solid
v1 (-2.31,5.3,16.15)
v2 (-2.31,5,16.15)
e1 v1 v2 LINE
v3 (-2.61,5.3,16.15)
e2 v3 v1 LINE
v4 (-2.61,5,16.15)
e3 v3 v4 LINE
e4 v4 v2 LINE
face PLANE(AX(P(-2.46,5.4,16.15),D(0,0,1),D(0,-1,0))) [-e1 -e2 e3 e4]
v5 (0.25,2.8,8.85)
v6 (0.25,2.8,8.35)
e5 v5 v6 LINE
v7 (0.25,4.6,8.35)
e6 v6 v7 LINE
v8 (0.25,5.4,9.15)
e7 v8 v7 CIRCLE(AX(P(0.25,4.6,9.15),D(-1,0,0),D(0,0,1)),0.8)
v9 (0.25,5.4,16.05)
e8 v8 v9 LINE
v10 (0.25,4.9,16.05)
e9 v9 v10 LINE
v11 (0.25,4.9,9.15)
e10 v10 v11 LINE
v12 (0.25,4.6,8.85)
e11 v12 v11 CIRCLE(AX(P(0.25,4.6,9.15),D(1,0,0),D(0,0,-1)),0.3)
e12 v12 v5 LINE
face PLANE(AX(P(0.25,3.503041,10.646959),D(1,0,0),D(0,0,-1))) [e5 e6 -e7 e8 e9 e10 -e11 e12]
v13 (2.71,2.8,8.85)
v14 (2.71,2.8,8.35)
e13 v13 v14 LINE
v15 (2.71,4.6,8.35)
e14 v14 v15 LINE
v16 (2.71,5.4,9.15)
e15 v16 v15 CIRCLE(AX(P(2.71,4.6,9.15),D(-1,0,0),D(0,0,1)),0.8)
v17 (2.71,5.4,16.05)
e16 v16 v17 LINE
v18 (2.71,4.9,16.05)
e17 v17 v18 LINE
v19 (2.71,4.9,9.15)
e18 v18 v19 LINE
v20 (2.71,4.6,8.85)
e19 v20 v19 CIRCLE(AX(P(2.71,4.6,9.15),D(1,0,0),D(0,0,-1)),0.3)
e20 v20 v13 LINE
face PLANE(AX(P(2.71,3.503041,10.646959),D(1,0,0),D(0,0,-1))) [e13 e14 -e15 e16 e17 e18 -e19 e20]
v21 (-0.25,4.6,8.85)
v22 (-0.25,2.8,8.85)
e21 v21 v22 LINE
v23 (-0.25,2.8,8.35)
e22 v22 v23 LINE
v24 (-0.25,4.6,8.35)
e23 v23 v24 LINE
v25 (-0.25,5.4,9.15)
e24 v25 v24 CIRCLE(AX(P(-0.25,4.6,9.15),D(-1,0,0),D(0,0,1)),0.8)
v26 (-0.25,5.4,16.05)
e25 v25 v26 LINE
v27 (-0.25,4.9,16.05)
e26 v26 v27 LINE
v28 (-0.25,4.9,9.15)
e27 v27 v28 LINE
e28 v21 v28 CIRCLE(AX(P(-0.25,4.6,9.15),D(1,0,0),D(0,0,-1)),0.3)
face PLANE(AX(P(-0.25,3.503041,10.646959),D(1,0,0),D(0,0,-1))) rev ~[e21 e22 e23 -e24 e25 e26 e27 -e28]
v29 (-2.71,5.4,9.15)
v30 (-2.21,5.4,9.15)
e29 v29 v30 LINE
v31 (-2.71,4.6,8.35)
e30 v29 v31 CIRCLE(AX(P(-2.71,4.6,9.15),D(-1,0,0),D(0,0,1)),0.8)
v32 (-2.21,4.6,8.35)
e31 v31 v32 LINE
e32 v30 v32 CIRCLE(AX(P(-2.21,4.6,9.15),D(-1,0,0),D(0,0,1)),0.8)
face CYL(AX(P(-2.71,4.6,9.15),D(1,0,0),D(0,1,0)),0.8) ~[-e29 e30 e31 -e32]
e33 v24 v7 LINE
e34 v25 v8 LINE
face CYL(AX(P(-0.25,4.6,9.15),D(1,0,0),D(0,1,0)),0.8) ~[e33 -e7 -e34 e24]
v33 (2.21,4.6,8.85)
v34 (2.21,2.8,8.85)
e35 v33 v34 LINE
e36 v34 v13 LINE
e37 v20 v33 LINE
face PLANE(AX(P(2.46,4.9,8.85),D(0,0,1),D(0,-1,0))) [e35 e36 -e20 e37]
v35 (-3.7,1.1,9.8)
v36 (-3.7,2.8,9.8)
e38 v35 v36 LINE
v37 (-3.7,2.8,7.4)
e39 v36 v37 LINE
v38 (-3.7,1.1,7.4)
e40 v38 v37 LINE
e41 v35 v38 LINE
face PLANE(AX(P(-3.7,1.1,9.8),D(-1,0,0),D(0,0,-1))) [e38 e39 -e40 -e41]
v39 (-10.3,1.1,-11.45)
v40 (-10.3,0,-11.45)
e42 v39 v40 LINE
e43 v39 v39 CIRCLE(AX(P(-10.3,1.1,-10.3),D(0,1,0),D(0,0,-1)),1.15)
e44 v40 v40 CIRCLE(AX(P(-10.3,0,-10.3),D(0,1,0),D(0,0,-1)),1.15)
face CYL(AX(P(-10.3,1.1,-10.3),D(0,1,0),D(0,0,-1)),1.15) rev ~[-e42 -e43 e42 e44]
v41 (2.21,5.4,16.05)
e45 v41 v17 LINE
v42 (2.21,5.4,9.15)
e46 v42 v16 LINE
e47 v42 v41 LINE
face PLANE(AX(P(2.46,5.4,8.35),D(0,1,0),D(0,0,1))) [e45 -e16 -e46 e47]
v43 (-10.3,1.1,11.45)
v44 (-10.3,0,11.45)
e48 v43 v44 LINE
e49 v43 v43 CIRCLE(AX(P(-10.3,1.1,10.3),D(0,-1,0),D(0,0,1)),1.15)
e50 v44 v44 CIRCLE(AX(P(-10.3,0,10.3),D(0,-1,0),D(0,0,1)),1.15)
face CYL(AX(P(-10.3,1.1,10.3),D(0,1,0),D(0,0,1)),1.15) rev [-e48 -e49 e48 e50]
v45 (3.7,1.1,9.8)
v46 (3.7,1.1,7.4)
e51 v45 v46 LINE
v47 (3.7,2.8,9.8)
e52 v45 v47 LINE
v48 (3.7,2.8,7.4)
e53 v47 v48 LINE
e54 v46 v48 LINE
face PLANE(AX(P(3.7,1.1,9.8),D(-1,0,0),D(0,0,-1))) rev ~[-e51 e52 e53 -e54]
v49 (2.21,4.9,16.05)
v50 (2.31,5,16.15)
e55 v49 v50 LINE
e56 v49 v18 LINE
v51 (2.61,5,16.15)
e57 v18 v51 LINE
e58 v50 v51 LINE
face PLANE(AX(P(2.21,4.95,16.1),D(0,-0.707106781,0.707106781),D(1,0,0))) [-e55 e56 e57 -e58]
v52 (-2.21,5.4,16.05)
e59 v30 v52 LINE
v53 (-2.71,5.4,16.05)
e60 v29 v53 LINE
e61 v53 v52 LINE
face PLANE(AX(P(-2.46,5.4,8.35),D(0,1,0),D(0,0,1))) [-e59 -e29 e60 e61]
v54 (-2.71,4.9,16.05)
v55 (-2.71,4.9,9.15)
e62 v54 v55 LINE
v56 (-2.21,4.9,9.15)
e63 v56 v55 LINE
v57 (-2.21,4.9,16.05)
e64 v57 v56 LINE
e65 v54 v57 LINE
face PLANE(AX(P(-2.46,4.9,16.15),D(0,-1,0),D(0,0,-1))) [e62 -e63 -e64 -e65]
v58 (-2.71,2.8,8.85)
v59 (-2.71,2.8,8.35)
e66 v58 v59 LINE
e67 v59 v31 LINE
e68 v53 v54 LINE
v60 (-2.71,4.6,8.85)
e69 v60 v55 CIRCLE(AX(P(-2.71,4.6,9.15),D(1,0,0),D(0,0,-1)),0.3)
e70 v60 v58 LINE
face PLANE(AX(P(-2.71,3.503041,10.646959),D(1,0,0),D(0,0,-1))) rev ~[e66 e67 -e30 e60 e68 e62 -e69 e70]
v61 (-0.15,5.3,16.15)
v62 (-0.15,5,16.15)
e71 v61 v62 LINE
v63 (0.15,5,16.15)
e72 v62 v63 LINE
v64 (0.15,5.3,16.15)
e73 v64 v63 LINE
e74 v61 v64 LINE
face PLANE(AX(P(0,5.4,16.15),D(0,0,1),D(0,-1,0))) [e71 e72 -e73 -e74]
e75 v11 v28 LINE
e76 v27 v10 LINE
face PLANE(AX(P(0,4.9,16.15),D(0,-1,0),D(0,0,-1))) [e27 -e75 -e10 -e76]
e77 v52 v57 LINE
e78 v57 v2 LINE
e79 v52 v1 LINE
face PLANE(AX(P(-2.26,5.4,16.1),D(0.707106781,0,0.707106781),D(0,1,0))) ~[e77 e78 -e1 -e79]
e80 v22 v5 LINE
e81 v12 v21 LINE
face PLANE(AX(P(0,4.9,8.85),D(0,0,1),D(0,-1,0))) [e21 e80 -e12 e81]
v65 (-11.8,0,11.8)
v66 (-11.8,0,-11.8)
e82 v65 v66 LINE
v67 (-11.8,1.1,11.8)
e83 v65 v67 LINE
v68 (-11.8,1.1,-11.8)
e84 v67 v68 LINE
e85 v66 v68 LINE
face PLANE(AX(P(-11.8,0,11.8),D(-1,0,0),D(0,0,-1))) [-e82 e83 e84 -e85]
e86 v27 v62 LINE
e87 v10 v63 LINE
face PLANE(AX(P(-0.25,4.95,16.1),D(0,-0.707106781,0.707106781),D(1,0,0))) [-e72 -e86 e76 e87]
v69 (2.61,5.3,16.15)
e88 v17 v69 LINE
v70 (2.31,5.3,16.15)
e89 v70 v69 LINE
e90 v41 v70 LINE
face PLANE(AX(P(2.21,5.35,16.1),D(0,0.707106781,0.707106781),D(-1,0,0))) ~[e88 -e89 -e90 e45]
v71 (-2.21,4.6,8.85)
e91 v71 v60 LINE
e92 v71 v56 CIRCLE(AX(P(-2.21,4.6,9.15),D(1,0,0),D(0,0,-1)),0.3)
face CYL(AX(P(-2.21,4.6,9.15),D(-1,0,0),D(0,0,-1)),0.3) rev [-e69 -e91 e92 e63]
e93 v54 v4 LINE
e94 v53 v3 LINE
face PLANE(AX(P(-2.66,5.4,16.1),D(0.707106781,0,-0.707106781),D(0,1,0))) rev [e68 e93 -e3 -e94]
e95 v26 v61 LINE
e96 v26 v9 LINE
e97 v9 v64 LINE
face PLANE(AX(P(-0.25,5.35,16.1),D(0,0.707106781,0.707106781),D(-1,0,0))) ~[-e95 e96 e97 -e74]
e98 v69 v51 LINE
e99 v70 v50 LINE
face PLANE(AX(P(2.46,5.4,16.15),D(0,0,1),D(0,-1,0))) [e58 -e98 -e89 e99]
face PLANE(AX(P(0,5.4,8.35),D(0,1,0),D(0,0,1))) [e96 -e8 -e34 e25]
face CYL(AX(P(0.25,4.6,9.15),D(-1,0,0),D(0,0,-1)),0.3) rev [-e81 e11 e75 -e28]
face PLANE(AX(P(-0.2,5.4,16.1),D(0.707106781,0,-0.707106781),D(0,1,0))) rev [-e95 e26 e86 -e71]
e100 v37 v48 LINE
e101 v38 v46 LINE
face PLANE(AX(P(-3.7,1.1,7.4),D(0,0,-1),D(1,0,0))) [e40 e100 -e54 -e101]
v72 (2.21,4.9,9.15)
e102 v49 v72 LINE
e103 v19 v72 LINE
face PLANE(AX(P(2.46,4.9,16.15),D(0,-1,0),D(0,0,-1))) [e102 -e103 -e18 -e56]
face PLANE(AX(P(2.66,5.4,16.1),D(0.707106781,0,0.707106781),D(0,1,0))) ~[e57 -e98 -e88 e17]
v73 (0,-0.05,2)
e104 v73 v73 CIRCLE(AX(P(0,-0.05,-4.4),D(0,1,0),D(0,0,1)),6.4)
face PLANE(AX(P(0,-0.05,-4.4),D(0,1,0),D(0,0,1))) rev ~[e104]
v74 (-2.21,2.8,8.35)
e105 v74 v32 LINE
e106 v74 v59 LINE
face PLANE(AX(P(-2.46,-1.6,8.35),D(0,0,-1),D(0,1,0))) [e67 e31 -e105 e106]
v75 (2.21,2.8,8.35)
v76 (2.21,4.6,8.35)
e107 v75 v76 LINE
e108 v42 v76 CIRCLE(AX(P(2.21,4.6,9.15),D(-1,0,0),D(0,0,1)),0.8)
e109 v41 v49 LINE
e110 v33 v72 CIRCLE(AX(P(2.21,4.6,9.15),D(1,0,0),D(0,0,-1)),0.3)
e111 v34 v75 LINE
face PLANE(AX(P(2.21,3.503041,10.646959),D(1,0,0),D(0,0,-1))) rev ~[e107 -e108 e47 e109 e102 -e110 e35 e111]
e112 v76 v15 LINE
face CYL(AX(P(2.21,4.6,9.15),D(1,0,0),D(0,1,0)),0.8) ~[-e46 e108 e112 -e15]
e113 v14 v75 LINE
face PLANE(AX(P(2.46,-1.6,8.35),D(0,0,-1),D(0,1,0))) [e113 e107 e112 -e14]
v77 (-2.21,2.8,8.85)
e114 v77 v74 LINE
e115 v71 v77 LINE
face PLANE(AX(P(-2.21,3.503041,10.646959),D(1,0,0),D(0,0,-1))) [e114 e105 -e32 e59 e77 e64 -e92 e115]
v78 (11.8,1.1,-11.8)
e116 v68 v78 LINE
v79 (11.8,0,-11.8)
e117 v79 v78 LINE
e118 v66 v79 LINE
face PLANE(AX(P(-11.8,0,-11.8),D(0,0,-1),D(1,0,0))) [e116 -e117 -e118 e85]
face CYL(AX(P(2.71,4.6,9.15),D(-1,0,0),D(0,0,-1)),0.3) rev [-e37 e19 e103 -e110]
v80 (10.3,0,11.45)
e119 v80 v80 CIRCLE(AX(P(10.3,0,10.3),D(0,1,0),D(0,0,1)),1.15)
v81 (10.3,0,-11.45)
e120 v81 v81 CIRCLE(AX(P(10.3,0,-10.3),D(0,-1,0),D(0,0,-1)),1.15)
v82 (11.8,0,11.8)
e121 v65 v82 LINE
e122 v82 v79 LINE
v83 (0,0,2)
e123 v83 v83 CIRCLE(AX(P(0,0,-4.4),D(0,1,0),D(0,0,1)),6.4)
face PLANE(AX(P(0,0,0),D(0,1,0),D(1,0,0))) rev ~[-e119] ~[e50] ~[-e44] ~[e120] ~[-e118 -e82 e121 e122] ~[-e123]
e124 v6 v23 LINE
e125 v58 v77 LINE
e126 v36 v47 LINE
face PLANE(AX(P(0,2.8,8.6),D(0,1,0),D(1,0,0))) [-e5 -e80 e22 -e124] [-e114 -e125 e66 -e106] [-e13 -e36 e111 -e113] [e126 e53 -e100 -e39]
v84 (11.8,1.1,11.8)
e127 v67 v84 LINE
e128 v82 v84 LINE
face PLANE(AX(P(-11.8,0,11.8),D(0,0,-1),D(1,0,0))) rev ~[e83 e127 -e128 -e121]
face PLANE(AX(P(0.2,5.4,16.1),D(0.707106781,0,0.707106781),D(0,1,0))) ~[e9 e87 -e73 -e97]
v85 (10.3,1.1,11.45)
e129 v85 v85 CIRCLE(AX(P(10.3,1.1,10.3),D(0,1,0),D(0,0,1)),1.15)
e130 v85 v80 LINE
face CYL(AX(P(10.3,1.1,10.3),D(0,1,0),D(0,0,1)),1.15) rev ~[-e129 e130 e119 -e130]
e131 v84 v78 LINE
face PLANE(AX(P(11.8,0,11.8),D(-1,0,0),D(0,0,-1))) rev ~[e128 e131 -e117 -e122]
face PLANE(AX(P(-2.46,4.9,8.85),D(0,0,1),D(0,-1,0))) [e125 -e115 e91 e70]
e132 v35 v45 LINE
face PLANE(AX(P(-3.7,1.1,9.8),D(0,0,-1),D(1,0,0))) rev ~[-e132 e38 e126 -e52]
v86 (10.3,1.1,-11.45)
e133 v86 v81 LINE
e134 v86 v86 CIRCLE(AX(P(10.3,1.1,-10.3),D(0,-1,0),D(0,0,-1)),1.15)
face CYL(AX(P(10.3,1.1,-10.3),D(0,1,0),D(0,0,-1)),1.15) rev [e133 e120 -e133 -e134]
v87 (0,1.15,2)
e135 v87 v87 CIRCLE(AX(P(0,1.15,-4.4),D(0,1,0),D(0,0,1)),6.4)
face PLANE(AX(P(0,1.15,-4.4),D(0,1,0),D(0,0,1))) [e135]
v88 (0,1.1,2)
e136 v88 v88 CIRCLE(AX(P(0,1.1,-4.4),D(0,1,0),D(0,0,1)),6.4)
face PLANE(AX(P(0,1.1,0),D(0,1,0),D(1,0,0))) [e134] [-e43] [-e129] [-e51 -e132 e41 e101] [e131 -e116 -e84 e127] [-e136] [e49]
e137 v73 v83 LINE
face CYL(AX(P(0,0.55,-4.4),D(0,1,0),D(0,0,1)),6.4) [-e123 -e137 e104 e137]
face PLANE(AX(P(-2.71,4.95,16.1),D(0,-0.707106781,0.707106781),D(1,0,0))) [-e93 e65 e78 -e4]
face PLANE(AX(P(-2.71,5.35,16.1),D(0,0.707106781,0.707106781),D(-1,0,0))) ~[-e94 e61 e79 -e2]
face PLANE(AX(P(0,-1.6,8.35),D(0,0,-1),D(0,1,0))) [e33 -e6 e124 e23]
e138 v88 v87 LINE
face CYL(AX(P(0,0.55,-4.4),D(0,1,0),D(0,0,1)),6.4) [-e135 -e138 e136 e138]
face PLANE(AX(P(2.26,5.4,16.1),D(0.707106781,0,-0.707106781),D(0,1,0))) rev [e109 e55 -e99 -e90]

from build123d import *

# Parameters (mm, degrees)
SKETCH_1_W                         = 23.6
SKETCH_1_H                         = 23.6
EXTRUDE_1_DEPTH                    = 1.1
CUT_EXTRUDE_1_REACH                = 18.724
SKETCH_2_R                         = 1.15
MIRROR_2_COPY_1_REACH              = 18.724
MIRROR_2_COPY_1_SKETCH_R           = 1.15
SKETCH_3_W                         = 7.4
SKETCH_3_H                         = 2.4
EXTRUDE_2_DEPTH                    = 1.7
EXTRUDE_3_DEPTH                    = 0.25
CHAMFER_7_SIZE                     = 0.1
FILLET_1_R                         = 0.3
FILLET_2_R                         = 0.8
PATTERN_LINEAR_2_COUNT             = 2
PATTERN_LINEAR_2_PITCH             = 2.46
CHAMFER_7_OF_PATTERN_LINEAR_2_SIZE = 0.1
FILLET_1_OF_PATTERN_LINEAR_2_R     = 0.3
FILLET_2_OF_PATTERN_LINEAR_2_R     = 0.8
PATTERN_LINEAR_3_COUNT             = 2
PATTERN_LINEAR_3_PITCH             = 2.46
CHAMFER_7_OF_PATTERN_LINEAR_3_SIZE = 0.1
FILLET_1_OF_PATTERN_LINEAR_3_R     = 0.3
FILLET_2_OF_PATTERN_LINEAR_3_R     = 0.8
EXTRUDE_START                      = 0.55
SKETCH_7_R                         = 6.4
EXTRUDE_10_DEPTH                   = 0.6
SKETCH_8_W                         = 8.601343457
SKETCH_8_H                         = 2.116418894
CUT_EXTRUDE_2125_DEPTH             = 1.6


with BuildPart() as part:
    # 草图1 → 凸台-拉伸1 (new body)
    with BuildSketch(Plane(origin=(0, 0, 0), x_dir=(1, 0, 0), z_dir=(0, 1, 0))):
        Rectangle(SKETCH_1_W, SKETCH_1_H)
    extrude(amount=EXTRUDE_1_DEPTH)

    # 草图2 → 切除-拉伸1 (cut, up to next)
    with BuildSketch(Plane(origin=(0, 1.1, 0), x_dir=(1, 0, 0), z_dir=(0, 1, 0)), mode=Mode.PRIVATE) as cut_extrude_1_sk1:
        with Locations(Location((10.3, -10.3, 0), (0, 0, 270))):
            Circle(SKETCH_2_R)
    cut_extrude_1_tool1 = extrude(cut_extrude_1_sk1.sketch, amount=-CUT_EXTRUDE_1_REACH, mode=Mode.PRIVATE) & part.part
    cut_extrude_1 = cut_extrude_1_tool1.solids().sort_by_distance((10.3, 1.1, 10.3))[0]
    add(cut_extrude_1, mode=Mode.SUBTRACT)

    # 镜向1: 切除-拉伸1 across plane
    add(cut_extrude_1.mirror(Plane(origin=(0, 0, 0), x_dir=(0, 0, 1), z_dir=(1, 0, 0))), mode=Mode.SUBTRACT)

    # 镜向2: 切除-拉伸1 across plane
    add(cut_extrude_1.mirror(Plane.XY), mode=Mode.SUBTRACT)

    # 镜向2 copy 1 sketch → 镜向2 copy 1 (cut, up to next)
    with BuildSketch(Plane(origin=(0, 1.1, 0), x_dir=(-1, 0, 0), z_dir=(0, 1, 0)), mode=Mode.PRIVATE) as mirror_2_copy_1_sk1:
        with Locations(Location((10.3, -10.3, 0), (0, 0, 270))):
            Circle(MIRROR_2_COPY_1_SKETCH_R)
    mirror_2_copy_1_tool1 = extrude(mirror_2_copy_1_sk1.sketch, amount=-MIRROR_2_COPY_1_REACH, mode=Mode.PRIVATE) & part.part
    add(mirror_2_copy_1_tool1.solids().sort_by_distance((-10.3, 1.1, -10.3))[0], mode=Mode.SUBTRACT)

    # 草图3 → 凸台-拉伸2 (add)
    with BuildSketch(Plane(origin=(0, 1.1, 0), x_dir=(1, 0, 0), z_dir=(0, 1, 0))):
        with Locations((0, -8.6)):
            Rectangle(SKETCH_3_W, SKETCH_3_H)
    extrude(amount=EXTRUDE_2_DEPTH)

    # 草图4 → 凸台-拉伸3 (add, symmetric)
    with BuildSketch(Plane(origin=(0, 0, 0), x_dir=(0, 0, -1), z_dir=(1, 0, 0))):
        Polygon((-8.35, -1.6), (-8.35, 5.4), (-16.15, 5.4), (-16.15, 4.9), (-8.85, 4.9), (-8.85, -1.6), align=None)
    extrude_3 = extrude(amount=EXTRUDE_3_DEPTH, both=True)

    # 倒角7
    chamfer_7_edges = [part.edges().sort_by_distance(p)[0] for p in [
        (0, -1.6, 8.35),
        (0.25, -1.6, 8.6),
        (-0.25, -1.6, 8.6),
        (0, -1.6, 8.85),
        (-0.25, 5.15, 16.15),
        (0, 5.4, 16.15),
        (0, 4.9, 16.15),
        (0.25, 5.15, 16.15),
    ]]
    chamfer(chamfer_7_edges, length=CHAMFER_7_SIZE)

    # 圆角1
    fillet_1_edges = [part.edges().sort_by_distance(p)[0] for p in [
        (0, 4.9, 8.85),
    ]]
    fillet(fillet_1_edges, radius=FILLET_1_R)

    # 圆角2
    fillet_2_edges = [part.edges().sort_by_distance(p)[0] for p in [
        (0, 5.4, 8.35),
    ]]
    fillet(fillet_2_edges, radius=FILLET_2_R)

    # 阵列(线性)2: 凸台-拉伸3 ×2
    with Locations(*[(i * PATTERN_LINEAR_2_PITCH, 0, 0) for i in range(1, PATTERN_LINEAR_2_COUNT)]):
        add(extrude_3)

    # 倒角7 of 阵列(线性)2
    chamfer_7_of_pattern_linear_2_edges = [part.edges().sort_by_distance(p)[0] for p in [
        (2.46, -1.6, 8.35),
        (2.71, -1.6, 8.6),
        (2.21, -1.6, 8.6),
        (2.46, -1.6, 8.85),
        (2.21, 5.15, 16.15),
        (2.46, 5.4, 16.15),
        (2.46, 4.9, 16.15),
        (2.71, 5.15, 16.15),
    ]]
    chamfer(chamfer_7_of_pattern_linear_2_edges, length=CHAMFER_7_OF_PATTERN_LINEAR_2_SIZE)

    # 圆角1 of 阵列(线性)2
    fillet_1_of_pattern_linear_2_edges = [part.edges().sort_by_distance(p)[0] for p in [
        (2.46, 4.9, 8.85),
    ]]
    fillet(fillet_1_of_pattern_linear_2_edges, radius=FILLET_1_OF_PATTERN_LINEAR_2_R)

    # 圆角2 of 阵列(线性)2
    fillet_2_of_pattern_linear_2_edges = [part.edges().sort_by_distance(p)[0] for p in [
        (2.46, 5.4, 8.35),
    ]]
    fillet(fillet_2_of_pattern_linear_2_edges, radius=FILLET_2_OF_PATTERN_LINEAR_2_R)

    # 阵列(线性)3: 凸台-拉伸3 ×2
    with Locations(*[(-i * PATTERN_LINEAR_3_PITCH, 0, 0) for i in range(1, PATTERN_LINEAR_3_COUNT)]):
        add(extrude_3)

    # 倒角7 of 阵列(线性)3
    chamfer_7_of_pattern_linear_3_edges = [part.edges().sort_by_distance(p)[0] for p in [
        (-2.46, -1.6, 8.35),
        (-2.21, -1.6, 8.6),
        (-2.71, -1.6, 8.6),
        (-2.46, -1.6, 8.85),
        (-2.71, 5.15, 16.15),
        (-2.46, 5.4, 16.15),
        (-2.46, 4.9, 16.15),
        (-2.21, 5.15, 16.15),
    ]]
    chamfer(chamfer_7_of_pattern_linear_3_edges, length=CHAMFER_7_OF_PATTERN_LINEAR_3_SIZE)

    # 圆角1 of 阵列(线性)3
    fillet_1_of_pattern_linear_3_edges = [part.edges().sort_by_distance(p)[0] for p in [
        (-2.46, 4.9, 8.85),
    ]]
    fillet(fillet_1_of_pattern_linear_3_edges, radius=FILLET_1_OF_PATTERN_LINEAR_3_R)

    # 圆角2 of 阵列(线性)3
    fillet_2_of_pattern_linear_3_edges = [part.edges().sort_by_distance(p)[0] for p in [
        (-2.46, 5.4, 8.35),
    ]]
    fillet(fillet_2_of_pattern_linear_3_edges, radius=FILLET_2_OF_PATTERN_LINEAR_3_R)

    # 草图7 → 凸台-拉伸10 (add, symmetric)
    with BuildSketch(Plane(origin=(0, 0, 0), x_dir=(1, 0, 0), z_dir=(0, 1, 0)).offset(EXTRUDE_START)):
        with Locations(Location((0, 4.4, 0), (0, 0, 270))):
            Circle(SKETCH_7_R)
    extrude(amount=EXTRUDE_10_DEPTH, both=True)

    # 草图8 → Cut-Extrude 2125 (cut)
    with BuildSketch(Plane.XZ):
        with Locations((-0.203501817, 8.619224199)):
            Rectangle(SKETCH_8_W, SKETCH_8_H)
    extrude(amount=CUT_EXTRUDE_2125_DEPTH, mode=Mode.SUBTRACT)


solid = part.part
